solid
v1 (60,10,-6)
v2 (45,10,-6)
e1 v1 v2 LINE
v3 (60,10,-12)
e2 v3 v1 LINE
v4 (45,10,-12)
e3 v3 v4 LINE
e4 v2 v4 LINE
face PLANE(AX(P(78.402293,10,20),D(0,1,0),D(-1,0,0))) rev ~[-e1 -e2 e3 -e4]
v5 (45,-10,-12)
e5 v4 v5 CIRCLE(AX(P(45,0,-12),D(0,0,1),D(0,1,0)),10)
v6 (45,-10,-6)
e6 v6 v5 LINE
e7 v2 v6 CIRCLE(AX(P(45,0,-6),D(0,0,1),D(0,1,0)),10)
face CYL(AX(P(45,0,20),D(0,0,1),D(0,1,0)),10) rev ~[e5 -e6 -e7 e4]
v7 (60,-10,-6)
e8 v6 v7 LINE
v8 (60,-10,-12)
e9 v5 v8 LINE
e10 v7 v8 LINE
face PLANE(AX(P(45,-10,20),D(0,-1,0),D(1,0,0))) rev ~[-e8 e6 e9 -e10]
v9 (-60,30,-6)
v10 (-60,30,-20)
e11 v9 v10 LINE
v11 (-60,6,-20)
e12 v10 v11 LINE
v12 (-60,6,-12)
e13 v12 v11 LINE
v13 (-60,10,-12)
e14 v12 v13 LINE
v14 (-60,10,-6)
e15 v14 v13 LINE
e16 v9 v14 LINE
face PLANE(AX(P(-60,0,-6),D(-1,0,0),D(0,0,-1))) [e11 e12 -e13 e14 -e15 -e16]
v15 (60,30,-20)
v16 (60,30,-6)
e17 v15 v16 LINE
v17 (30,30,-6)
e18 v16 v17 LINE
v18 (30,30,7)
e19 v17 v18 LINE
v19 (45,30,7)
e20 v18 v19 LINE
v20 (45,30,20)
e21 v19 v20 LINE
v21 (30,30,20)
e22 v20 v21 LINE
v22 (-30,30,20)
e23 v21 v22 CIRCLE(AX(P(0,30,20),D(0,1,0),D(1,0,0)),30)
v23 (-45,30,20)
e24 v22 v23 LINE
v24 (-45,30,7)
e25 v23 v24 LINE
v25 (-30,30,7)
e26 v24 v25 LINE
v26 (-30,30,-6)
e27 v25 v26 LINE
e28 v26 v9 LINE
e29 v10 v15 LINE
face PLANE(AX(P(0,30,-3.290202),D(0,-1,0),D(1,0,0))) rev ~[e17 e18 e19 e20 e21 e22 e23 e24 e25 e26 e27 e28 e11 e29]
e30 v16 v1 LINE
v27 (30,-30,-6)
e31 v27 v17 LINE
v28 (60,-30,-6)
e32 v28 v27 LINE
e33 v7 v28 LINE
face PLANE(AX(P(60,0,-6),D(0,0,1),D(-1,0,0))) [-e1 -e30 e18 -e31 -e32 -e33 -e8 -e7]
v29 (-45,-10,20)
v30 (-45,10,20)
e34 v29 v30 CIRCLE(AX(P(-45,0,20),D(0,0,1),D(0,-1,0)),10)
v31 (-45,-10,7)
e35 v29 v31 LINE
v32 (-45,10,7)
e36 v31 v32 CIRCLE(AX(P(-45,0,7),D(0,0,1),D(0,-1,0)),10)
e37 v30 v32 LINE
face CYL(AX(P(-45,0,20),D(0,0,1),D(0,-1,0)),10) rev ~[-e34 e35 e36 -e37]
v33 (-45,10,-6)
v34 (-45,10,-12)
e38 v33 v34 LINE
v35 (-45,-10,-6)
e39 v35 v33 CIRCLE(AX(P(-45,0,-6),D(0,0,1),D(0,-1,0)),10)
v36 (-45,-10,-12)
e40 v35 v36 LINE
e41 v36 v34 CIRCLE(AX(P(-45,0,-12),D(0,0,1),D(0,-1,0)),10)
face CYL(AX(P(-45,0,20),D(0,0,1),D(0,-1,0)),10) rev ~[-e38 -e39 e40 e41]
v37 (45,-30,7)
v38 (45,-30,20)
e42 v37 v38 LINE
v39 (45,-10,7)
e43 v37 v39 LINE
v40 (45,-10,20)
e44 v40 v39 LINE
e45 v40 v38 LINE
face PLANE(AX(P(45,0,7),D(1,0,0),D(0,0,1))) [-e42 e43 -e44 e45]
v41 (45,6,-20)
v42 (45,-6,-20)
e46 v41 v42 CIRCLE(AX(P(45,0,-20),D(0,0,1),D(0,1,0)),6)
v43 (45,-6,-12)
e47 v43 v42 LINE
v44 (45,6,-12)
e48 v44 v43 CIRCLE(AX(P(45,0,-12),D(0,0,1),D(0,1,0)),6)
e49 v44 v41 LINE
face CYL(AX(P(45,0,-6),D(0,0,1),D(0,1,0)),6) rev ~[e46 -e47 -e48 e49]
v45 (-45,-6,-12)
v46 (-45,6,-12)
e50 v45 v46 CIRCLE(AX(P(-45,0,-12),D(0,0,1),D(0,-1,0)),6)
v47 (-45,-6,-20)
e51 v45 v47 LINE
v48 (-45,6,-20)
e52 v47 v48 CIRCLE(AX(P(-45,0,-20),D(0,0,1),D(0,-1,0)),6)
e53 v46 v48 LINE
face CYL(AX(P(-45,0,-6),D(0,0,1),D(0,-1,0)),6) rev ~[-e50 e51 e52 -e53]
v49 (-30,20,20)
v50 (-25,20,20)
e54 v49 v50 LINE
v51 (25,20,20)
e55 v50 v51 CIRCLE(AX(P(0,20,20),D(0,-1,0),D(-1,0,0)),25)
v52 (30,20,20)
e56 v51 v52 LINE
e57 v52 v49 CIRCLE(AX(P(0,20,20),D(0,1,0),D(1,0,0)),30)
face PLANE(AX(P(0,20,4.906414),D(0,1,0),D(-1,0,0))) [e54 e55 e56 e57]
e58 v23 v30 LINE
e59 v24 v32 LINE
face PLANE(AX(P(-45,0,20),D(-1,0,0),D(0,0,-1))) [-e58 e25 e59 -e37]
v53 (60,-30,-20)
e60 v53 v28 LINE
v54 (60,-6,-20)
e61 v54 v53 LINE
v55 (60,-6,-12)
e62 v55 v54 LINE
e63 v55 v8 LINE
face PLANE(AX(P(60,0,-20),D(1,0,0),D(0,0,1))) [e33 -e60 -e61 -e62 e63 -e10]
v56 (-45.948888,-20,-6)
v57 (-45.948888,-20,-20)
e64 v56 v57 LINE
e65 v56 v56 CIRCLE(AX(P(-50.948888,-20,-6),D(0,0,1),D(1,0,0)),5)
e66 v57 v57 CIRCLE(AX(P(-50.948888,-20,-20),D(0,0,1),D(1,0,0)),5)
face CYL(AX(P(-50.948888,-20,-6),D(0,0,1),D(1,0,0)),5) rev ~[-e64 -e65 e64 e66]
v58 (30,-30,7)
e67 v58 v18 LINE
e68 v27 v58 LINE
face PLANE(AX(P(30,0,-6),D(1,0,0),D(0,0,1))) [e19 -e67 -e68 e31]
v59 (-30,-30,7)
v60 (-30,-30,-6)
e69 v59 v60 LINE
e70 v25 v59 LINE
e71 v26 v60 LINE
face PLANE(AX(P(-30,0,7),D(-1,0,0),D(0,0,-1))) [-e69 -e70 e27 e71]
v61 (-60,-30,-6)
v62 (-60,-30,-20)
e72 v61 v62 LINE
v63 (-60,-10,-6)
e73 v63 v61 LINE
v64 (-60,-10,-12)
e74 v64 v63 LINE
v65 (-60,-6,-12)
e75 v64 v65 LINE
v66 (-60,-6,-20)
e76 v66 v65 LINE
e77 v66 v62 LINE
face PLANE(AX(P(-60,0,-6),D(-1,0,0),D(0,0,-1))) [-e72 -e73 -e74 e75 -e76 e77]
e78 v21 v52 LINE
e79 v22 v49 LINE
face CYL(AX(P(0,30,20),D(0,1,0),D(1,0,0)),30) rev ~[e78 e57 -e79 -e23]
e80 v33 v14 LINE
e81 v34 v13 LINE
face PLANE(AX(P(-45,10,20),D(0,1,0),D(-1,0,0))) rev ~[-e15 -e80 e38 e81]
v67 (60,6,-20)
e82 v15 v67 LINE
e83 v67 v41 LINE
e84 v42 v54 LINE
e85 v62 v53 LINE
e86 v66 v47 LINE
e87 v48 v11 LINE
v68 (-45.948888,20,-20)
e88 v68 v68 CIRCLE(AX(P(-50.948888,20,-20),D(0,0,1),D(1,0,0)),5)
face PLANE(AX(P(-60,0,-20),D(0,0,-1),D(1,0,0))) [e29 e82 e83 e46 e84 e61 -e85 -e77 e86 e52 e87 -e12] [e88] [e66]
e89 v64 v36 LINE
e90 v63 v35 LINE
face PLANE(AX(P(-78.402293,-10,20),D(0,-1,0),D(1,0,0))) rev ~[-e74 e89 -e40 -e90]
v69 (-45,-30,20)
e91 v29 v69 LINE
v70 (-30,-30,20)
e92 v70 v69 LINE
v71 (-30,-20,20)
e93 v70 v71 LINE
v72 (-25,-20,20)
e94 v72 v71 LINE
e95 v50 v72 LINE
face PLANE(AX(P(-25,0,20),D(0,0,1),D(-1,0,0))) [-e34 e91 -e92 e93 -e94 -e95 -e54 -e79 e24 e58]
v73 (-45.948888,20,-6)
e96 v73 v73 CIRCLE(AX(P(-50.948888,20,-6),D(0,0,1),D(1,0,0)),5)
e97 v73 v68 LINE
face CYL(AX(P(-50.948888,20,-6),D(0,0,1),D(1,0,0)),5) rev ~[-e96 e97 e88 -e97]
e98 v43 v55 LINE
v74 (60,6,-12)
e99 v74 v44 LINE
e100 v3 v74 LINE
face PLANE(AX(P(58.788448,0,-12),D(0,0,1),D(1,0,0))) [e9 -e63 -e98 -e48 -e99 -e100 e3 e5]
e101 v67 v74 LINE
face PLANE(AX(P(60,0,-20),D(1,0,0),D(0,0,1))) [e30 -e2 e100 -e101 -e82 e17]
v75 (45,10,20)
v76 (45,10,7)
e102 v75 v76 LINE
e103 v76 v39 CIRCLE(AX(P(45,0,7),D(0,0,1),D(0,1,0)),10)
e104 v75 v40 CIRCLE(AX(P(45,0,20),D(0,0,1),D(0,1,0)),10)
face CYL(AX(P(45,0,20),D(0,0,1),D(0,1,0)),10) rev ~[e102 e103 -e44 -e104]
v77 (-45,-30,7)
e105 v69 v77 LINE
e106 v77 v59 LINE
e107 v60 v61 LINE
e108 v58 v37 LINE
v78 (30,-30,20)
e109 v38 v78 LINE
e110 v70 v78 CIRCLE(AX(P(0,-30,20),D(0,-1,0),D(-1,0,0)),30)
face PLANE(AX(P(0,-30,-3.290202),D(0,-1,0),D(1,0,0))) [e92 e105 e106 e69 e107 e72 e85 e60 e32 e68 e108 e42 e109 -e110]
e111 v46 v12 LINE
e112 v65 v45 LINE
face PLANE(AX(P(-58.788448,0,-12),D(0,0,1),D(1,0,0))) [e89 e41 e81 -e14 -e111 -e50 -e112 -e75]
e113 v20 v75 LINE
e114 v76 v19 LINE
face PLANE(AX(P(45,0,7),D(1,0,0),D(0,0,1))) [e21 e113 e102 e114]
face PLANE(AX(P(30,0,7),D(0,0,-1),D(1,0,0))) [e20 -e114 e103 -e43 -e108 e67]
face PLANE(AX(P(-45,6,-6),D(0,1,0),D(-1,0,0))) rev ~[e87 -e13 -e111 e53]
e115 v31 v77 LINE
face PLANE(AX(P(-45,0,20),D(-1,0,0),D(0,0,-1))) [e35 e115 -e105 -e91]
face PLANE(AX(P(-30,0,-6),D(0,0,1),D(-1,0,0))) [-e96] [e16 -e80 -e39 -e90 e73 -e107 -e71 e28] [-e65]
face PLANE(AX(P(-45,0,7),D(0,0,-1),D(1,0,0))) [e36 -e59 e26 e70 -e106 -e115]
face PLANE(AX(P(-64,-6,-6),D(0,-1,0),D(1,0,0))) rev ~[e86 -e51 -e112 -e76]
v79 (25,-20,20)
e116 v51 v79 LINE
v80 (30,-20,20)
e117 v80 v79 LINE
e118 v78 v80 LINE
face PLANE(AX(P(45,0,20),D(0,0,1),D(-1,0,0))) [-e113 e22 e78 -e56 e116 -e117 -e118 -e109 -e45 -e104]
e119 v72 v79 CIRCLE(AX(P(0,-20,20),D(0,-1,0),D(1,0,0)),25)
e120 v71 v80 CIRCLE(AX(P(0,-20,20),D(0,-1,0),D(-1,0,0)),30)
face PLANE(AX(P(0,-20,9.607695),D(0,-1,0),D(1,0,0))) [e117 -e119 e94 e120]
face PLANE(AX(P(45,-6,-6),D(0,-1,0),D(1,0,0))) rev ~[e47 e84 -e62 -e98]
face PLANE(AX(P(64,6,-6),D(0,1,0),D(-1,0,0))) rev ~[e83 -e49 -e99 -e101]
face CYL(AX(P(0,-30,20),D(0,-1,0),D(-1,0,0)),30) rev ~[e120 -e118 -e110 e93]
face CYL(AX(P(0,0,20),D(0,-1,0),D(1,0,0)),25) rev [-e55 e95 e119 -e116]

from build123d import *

# Parameters (mm, degrees)
F1_DEPTH      = 30
F1_DEPTH_BACK = 30
F3_DEPTH      = 10
F5_DEPTH      = 10
F7_DEPTH      = 32
F9_DEPTH      = 14
F10_R         = 5
F11_DEPTH     = 15


with BuildPart() as f1:
    # F0 (on Front) → F1 (new body, two sides)
    with BuildSketch(Plane.XZ) as f1_sk:
        with BuildLine():
            Line((45, 7), (45, 20))
            Line((45, 20), (25, 20))
            ThreePointArc((25, 20), (0, -5), (-25, 20))
            Line((-25, 20), (-45, 20))
            Line((-45, 20), (-45, 7))
            Line((-45, 7), (-30, 7))
            Line((-30, 7), (-30, -6))
            Line((-30, -6), (-60, -6))
            Line((-60, -6), (-60, -20))
            Line((-60, -20), (60, -20))
            Line((60, -20), (60, -6))
            Line((60, -6), (30, -6))
            Line((30, -6), (30, 7))
            Line((30, 7), (45, 7))
        make_face()
    extrude(amount=F1_DEPTH)
    extrude(f1_sk.sketch, amount=-F1_DEPTH_BACK)

    # F2 (on face) → F3 (cut)
    with BuildSketch(Plane(origin=(0, 30, 0), x_dir=(-1, 0, 0), z_dir=(0, 1, 0))):
        with BuildLine():
            Line((-25, 20), (-30, 20))
            ThreePointArc((-30, 20), (0, -10), (30, 20))
            Line((30, 20), (25, 20))
            ThreePointArc((25, 20), (0, -5), (-25, 20))
        make_face()
    extrude(amount=-F3_DEPTH, mode=Mode.SUBTRACT)

    # F4 (on face) → F5 (cut)
    with BuildSketch(Plane.XZ.offset(30)):
        with BuildLine():
            Line((30, 20), (-30, 20))
            ThreePointArc((-30, 20), (0, -10), (30, 20))
        make_face()
    extrude(amount=-F5_DEPTH, mode=Mode.SUBTRACT)

    # F6 (on face) → F7 (cut)
    with BuildSketch(Plane.XY.offset(20)):
        with BuildLine():
            Line((-45, 10), (-78.402293, 10))
            Line((-78.402293, 10), (-78.402293, -10))
            Line((-78.402293, -10), (-45, -10))
            ThreePointArc((-45, -10), (-35, 0), (-45, 10))
        make_face()
        with BuildLine():
            ThreePointArc((45, 10), (35, 0), (45, -10))
            Line((45, -10), (78.402293, -10))
            Line((78.402293, -10), (78.402293, 10))
            Line((78.402293, 10), (45, 10))
        make_face()
    extrude(amount=-F7_DEPTH, mode=Mode.SUBTRACT)

    # F8 (on face) → F9 (cut)
    with BuildSketch(Plane.XY.offset(-6)):
        with BuildLine():
            Line((-45, 6), (-64, 6))
            Line((-64, 6), (-64, -6))
            Line((-64, -6), (-45, -6))
            ThreePointArc((-45, -6), (-39, 0), (-45, 6))
        make_face()
        with BuildLine():
            ThreePointArc((45, 6), (39, 0), (45, -6))
            Line((45, -6), (64, -6))
            Line((64, -6), (64, 6))
            Line((64, 6), (45, 6))
        make_face()
    extrude(amount=-F9_DEPTH, mode=Mode.SUBTRACT)

    # F10 (on face) → F11 (cut)
    with BuildSketch(Plane.XY.offset(-6)):
        with Locations((-50.948888, 20)):
            Circle(F10_R)
        with Locations((-50.948888, -20)):
            Circle(F10_R)
    extrude(amount=-F11_DEPTH, mode=Mode.SUBTRACT)


solid = f1.part
